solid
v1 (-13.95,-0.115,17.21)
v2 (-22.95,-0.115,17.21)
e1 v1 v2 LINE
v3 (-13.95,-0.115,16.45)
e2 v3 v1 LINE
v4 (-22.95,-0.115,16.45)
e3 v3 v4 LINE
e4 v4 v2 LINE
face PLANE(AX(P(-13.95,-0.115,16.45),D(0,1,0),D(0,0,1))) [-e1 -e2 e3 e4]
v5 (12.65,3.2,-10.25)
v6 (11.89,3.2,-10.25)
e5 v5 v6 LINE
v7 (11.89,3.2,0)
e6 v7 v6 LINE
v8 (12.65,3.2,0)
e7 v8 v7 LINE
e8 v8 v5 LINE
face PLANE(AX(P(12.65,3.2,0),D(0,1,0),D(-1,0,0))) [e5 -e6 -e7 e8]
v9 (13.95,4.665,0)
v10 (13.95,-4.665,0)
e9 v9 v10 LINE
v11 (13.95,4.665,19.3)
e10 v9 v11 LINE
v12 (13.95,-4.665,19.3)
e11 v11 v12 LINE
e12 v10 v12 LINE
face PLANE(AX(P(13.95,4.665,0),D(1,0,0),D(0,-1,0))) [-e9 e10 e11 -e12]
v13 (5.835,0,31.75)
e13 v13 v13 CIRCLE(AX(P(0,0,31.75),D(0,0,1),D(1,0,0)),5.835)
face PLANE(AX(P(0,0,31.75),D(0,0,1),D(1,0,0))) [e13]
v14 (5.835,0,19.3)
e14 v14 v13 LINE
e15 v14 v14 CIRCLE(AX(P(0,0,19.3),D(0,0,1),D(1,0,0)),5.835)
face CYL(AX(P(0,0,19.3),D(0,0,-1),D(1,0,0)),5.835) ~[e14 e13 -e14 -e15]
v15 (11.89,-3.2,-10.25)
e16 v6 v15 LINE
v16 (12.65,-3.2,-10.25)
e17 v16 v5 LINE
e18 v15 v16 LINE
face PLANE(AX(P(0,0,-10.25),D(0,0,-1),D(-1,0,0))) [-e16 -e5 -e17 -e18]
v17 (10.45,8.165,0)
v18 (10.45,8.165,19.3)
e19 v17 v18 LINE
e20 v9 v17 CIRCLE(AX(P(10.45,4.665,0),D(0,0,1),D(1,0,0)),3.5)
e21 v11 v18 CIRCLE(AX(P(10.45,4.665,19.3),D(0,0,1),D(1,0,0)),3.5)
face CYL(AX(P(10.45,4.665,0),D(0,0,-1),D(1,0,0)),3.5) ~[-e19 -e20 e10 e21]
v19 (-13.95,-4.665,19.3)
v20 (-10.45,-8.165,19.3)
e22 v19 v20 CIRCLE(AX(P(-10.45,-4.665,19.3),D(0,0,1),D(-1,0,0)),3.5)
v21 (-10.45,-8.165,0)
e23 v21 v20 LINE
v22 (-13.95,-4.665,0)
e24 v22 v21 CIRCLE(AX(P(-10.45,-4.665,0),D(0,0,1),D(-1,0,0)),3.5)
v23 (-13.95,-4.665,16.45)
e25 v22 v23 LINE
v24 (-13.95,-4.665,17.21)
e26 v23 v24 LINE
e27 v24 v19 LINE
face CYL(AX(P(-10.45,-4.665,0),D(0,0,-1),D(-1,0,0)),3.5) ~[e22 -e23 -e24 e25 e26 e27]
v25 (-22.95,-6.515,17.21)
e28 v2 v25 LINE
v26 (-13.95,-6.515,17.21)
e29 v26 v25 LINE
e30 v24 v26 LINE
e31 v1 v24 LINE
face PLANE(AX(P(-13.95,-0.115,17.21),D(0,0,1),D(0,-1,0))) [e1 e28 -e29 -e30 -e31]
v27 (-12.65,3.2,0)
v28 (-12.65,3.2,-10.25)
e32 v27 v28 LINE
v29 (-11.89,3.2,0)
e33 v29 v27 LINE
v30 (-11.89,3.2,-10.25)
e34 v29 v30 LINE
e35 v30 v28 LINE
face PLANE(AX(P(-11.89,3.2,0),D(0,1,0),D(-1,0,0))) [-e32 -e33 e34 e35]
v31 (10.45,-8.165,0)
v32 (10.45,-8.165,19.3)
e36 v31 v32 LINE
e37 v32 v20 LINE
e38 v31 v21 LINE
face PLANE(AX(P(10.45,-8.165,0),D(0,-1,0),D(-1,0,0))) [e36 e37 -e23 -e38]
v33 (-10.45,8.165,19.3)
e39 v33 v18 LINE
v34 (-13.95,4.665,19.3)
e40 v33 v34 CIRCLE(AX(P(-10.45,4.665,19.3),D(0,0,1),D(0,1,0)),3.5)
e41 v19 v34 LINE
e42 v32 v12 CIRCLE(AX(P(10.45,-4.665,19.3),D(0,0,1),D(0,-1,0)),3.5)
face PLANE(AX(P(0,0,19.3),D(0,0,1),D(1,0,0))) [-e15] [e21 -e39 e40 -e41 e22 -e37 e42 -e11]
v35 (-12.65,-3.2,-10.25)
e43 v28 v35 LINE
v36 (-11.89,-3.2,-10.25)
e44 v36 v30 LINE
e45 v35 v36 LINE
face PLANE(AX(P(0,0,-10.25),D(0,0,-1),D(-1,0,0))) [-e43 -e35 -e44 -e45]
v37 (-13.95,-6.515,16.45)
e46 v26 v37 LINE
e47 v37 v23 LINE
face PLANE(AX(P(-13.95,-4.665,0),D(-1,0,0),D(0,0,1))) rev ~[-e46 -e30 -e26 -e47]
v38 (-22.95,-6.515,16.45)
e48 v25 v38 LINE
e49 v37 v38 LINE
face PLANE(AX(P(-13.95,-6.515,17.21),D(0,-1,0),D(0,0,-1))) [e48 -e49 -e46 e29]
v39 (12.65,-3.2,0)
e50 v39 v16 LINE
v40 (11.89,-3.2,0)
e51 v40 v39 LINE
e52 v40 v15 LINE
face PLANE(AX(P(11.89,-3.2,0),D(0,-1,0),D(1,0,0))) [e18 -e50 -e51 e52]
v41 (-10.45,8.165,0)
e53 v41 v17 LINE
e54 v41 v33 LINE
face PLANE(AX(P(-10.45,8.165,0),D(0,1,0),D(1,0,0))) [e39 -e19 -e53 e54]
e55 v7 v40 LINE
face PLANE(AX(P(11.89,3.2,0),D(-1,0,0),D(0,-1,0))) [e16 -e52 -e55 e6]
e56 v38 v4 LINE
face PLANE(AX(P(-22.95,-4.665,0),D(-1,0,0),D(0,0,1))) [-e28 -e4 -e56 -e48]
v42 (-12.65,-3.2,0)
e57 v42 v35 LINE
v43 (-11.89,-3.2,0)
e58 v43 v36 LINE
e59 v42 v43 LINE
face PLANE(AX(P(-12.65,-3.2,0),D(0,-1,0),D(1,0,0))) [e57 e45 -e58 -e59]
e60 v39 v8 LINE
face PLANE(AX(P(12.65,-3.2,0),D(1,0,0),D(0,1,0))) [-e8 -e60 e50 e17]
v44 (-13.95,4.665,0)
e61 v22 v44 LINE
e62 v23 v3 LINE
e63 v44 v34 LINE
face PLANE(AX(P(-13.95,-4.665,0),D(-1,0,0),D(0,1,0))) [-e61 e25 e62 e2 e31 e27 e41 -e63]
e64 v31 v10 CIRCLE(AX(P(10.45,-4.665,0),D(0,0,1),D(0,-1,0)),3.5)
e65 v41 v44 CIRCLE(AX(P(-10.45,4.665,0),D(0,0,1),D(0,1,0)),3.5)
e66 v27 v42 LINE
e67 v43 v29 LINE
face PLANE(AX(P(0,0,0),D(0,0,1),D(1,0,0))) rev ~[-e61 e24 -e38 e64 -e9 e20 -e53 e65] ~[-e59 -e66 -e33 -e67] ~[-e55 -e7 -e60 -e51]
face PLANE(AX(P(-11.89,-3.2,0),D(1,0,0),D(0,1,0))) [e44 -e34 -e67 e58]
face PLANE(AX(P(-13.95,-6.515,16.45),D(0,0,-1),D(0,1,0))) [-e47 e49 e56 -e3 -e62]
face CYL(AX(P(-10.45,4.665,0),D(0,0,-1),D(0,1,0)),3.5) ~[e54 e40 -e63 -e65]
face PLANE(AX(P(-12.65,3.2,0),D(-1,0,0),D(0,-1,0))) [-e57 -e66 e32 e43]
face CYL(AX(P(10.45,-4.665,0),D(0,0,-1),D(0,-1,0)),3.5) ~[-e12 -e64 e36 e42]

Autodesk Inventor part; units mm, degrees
ref_plane "Plan YZ" through (0, 0, 0) normal (1, 0, 0) x (0, 1, 0)
ref_plane "Plan XZ" through (0, 0, 0) normal (0, 1, 0) x (-1, 0, 0)
ref_plane "Plan XY" through (0, 0, 0) normal (0, 0, 1) x (1, 0, 0)
sketch "Esquisse1" plane through (0, 0, 0) normal (0, 0, 1) x (1, 0, 0)
  line L0 (-10.45, 8.165) -> (10.45, 8.165)
  line L1 (13.95, 4.665) -> (13.95, -4.665)
  line L2 (10.45, -8.165) -> (-10.45, -8.165)
  line L3 (-13.95, -4.665) -> (-13.95, 4.665)
  line L4 (-20.5448, 0) -> (20.5448, 0) construction
  line L5 (0, -12.4458) -> (0, 12.4458) construction
  arc A0 (-10.45, 8.165) -> (-13.95, 4.665) centre (-10.45, 4.665) ccw
  arc A1 (13.95, 4.665) -> (10.45, 8.165) centre (10.45, 4.665) ccw
  arc A2 (10.45, -8.165) -> (13.95, -4.665) centre (10.45, -4.665) ccw
  arc A3 (-13.95, -4.665) -> (-10.45, -8.165) centre (-10.45, -4.665) ccw
  point P0 (0, 0)
  point P1 (-13.95, 8.165)
  point P2 (13.95, 8.165)
  point P3 (-13.95, -8.165)
  dimension "d0" = 16.33
  dimension "d1" = 27.9
  dimension "d2" = 3.5
extrude "Extrusion1" add sketch "Esquisse1" along normal blind 19.3
sketch "Esquisse6" plane through (0, 0, 19.3) normal (0, 0, 1) x (1, 0, 0)
  circle A0 centre (0, 0) radius 5.835
  dimension "d5" = 11.67
extrude "Extrusion2" add sketch "Esquisse6" along normal blind 12.45
thread "Filetage1" size "M12x1.75" class "6g" standard "ISO M" full length
sketch "Esquisse7" plane through (0, 0, 0) normal (0, 0, -1) x (-1, 0, 0)
  line L0 (0, -11.431) -> (0, 11.431) construction
  line L1 (19.53, 0) -> (-19.53, 0) construction
  line L2 (12.65, -3.2) -> (11.89, -3.2)
  line L3 (11.89, -3.2) -> (11.89, 3.2)
  line L4 (11.89, 3.2) -> (12.65, 3.2)
  line L5 (12.65, 3.2) -> (12.65, -3.2)
  line L6 (-11.89, -3.2) -> (-12.65, -3.2)
  line L7 (-12.65, -3.2) -> (-12.65, 3.2)
  line L8 (-12.65, 3.2) -> (-11.89, 3.2)
  line L9 (-11.89, 3.2) -> (-11.89, -3.2)
  line L10 (13.95, -4.665) -> (13.95, 4.665) construction
  point P0 (0, 0)
  dimension "d10" = 1.3
  dimension "d11" = 0.76
  dimension "d12" = 6.4
extrude "Extrusion3" add sketch "Esquisse7" along normal blind 10.25
sketch "Esquisse8" plane through (-13.95, -4.665, 0) normal (-1, 0, 0) x (0, 0, 1)
  line L0 (16.45, 4.55) -> (17.21, 4.55)
  line L1 (17.21, 4.55) -> (17.21, -1.85)
  line L2 (17.21, -1.85) -> (16.45, -1.85)
  line L3 (16.45, -1.85) -> (16.45, 4.55)
  line L4 (19.3, 9.33) -> (19.3, 0) construction
  line L5 (0, -3.5) -> (19.3, -3.5) projected
  point P0 (0, 4.665)
  dimension "d15" = 2.85
  dimension "d16" = 0.76
  dimension "d17" = 6.4
  dimension "d18" = 1.65
extrude "Extrusion4" add sketch "Esquisse8" along normal blind 9
equation "\"d16\" = d11"
equation "\"d17\" = d12"
properties part number "P1704_002_picotte_alexandre" material "."
